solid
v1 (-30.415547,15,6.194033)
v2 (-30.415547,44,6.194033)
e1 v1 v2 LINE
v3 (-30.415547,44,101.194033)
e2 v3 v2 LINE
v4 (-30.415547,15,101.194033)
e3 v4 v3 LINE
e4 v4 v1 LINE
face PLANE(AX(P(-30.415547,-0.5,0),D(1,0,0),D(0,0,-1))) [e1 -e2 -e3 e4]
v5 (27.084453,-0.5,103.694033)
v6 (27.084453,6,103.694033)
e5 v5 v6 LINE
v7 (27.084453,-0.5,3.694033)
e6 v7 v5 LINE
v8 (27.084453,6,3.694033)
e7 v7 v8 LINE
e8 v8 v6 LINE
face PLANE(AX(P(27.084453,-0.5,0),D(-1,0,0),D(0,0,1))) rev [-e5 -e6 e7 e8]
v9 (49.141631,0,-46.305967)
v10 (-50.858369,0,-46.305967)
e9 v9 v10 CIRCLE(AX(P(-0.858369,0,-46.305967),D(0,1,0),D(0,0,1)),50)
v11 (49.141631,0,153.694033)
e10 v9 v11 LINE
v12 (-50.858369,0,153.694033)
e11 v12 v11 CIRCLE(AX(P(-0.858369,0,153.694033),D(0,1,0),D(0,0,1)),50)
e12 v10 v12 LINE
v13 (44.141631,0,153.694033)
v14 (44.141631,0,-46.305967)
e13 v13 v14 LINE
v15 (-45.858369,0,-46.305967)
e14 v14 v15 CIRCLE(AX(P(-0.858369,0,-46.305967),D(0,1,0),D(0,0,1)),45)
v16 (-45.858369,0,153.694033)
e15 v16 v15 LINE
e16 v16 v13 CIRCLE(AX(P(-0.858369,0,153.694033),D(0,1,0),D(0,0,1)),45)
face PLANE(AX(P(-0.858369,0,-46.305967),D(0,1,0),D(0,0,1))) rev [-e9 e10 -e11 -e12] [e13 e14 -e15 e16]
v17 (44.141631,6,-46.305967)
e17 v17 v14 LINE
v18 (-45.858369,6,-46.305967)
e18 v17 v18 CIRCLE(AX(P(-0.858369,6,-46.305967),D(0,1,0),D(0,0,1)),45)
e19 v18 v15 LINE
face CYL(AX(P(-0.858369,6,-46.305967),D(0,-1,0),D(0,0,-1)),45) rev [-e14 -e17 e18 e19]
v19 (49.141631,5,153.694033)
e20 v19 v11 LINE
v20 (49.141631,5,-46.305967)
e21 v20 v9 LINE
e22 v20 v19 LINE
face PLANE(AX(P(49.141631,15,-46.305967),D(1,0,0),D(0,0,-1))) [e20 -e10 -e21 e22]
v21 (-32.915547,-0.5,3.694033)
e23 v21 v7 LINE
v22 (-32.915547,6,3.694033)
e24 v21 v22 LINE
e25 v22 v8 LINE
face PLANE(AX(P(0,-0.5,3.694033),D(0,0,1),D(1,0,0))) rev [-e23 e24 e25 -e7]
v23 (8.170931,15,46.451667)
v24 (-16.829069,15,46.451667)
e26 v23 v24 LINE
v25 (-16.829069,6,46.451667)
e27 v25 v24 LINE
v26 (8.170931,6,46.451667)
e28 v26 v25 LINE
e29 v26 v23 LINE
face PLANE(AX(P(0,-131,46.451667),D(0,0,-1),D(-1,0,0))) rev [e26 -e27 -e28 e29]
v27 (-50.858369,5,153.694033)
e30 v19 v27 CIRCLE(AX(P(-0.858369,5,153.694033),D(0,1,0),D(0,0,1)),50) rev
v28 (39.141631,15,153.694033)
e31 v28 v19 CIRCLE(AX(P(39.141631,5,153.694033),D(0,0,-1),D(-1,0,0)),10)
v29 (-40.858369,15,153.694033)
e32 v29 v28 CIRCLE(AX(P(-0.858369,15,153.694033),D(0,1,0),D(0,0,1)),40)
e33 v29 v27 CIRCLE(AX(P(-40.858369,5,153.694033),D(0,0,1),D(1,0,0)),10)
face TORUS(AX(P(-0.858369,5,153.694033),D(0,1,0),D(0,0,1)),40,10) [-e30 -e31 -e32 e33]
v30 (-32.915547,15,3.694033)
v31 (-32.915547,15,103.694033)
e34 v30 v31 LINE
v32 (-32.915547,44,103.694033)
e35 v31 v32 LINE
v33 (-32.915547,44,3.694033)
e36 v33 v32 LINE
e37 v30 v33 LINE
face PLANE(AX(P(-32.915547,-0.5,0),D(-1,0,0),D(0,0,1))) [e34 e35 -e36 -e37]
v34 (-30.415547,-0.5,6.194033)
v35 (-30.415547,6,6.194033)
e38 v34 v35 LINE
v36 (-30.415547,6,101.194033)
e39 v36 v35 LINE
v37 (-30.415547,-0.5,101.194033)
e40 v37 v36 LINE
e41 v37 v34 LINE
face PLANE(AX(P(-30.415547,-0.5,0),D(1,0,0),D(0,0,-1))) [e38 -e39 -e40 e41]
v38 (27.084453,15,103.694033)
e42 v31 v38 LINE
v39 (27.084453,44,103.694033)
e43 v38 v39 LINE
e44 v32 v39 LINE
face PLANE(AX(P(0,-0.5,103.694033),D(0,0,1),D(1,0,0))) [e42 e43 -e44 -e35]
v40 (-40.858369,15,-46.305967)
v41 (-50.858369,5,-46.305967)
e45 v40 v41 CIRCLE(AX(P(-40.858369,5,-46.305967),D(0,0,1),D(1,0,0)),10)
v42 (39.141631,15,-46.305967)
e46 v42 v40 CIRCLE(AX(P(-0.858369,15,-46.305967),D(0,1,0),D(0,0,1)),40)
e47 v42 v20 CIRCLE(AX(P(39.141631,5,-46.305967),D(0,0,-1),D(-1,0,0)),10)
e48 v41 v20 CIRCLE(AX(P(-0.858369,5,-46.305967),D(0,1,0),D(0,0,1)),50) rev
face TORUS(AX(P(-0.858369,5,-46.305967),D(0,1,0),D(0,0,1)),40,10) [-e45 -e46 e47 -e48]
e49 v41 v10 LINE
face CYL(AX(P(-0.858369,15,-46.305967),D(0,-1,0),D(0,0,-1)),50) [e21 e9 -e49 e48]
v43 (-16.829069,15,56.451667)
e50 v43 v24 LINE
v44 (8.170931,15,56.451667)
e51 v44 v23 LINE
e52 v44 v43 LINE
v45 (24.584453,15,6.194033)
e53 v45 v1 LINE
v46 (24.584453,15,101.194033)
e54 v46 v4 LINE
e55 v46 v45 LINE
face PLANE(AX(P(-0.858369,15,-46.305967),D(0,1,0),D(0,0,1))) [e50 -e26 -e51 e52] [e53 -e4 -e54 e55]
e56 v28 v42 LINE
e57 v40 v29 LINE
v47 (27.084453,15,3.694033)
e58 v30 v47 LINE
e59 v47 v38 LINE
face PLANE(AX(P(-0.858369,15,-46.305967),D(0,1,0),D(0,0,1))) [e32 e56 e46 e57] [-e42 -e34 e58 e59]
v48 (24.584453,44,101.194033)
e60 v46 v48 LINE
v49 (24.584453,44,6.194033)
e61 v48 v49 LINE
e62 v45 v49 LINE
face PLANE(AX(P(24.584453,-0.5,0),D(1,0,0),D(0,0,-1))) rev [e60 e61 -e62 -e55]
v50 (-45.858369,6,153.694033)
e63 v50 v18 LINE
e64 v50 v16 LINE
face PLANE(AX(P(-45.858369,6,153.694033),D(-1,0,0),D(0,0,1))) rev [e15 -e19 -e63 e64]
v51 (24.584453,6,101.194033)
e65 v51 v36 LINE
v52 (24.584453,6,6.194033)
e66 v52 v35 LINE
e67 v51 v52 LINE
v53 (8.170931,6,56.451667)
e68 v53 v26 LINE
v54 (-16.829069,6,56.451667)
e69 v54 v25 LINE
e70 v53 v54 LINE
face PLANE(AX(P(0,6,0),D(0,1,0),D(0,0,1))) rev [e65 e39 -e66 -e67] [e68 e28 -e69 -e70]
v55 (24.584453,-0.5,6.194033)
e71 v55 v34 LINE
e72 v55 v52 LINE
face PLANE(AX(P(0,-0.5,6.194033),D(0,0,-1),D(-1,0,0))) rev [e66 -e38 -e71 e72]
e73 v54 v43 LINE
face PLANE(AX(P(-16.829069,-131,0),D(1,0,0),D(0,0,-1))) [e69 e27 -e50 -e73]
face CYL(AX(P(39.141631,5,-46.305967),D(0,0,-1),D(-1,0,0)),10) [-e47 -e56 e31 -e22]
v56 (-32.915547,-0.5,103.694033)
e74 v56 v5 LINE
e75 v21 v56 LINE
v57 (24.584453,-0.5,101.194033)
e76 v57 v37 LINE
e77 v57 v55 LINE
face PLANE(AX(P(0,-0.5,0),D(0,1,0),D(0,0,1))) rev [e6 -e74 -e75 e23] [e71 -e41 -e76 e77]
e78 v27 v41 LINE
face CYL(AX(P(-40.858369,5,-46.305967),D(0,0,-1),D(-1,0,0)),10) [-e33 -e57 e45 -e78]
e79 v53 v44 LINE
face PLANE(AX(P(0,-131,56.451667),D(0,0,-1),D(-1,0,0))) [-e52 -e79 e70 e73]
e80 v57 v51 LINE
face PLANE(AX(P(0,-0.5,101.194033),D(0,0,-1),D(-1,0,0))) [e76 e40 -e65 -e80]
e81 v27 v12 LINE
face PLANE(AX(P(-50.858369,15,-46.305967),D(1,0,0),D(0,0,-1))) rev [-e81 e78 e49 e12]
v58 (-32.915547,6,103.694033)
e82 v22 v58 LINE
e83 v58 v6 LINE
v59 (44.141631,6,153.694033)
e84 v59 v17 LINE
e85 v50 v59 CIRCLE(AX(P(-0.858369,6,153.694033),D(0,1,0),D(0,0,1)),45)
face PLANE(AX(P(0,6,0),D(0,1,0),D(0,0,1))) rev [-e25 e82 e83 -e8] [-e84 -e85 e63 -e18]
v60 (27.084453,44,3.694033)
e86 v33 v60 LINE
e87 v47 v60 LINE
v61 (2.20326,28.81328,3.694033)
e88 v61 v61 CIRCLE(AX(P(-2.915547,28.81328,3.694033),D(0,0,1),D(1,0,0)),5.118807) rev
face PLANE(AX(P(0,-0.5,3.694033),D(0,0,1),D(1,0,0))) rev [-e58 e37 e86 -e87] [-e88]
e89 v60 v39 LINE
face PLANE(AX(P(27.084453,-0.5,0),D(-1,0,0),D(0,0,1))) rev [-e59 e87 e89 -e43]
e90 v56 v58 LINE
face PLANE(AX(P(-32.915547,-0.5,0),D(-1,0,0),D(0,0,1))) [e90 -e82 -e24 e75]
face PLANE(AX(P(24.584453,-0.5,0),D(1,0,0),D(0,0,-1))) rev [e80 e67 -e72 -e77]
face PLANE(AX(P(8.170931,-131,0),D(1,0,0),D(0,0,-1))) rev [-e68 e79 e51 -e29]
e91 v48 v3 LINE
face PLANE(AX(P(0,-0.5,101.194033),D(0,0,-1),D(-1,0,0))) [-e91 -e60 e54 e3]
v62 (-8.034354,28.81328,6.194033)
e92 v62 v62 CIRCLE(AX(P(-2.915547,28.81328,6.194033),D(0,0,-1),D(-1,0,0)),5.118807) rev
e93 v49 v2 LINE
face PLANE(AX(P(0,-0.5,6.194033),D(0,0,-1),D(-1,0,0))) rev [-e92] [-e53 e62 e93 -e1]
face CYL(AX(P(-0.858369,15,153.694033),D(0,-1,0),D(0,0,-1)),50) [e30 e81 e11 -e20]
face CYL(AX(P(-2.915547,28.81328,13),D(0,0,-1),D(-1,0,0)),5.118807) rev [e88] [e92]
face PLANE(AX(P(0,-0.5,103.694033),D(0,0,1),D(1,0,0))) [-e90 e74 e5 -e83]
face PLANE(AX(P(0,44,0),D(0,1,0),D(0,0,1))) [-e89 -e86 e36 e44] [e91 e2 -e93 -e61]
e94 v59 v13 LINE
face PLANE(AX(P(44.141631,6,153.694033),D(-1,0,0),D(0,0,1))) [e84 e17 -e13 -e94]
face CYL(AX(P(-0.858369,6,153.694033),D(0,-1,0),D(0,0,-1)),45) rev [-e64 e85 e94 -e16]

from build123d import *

# Parameters (mm, degrees)
ESQUISSE1_R                  = 50
ESQUISSE1_W                  = 100
ESQUISSE1_H                  = 200
BOSS_EXTRU_2_DEPTH           = 15
CONG_3_R                     = 10
ENL_V_MAT_EXTRU_6_DEPTH      = 6
BOSS_EXTRU_3_DEPTH           = 44
BOSS_EXTRU_3_DEPTH_BACK      = 0.5
ESQUISSE1_6_W                = 55
ESQUISSE1_6_H                = 95
ENL_V_MAT_EXTRU_7_DEPTH      = 90
ENL_V_MAT_EXTRU_7_DEPTH_BACK = 131
ESQUISSE1_10_W               = 25
ESQUISSE1_10_H               = 10
ESQUISSE6_R                  = 5.118807206
ENL_V_MAT_EXTRU_8_DEPTH      = 13


with BuildPart() as part:
    # Esquisse1 → Boss.-Extru.2 (new body)
    with BuildSketch(Plane(origin=(0, 0, 0), x_dir=(1, 0, 0), z_dir=(0, 1, 0))):
        with Locations((-0.858369099, 46.305967004)):
            Circle(ESQUISSE1_R)
        with Locations((-0.858369099, -153.694032996)):
            Circle(ESQUISSE1_R)
        with Locations((-0.858369099, -53.694032996)):
            Rectangle(ESQUISSE1_W, ESQUISSE1_H)
    extrude(amount=BOSS_EXTRU_2_DEPTH)

    # Congé3
    cong_3_edges = [part.edges().sort_by_distance(p)[0] for p in [
        (-0.858369099, 15, -96.305967004),
        (-50.858369099, 15, 53.694032996),
        (-0.858369099, 15, 203.694032996),
        (49.141630901, 15, 53.694032996),
    ]]
    fillet(cong_3_edges, radius=CONG_3_R)

    # Esquisse1<5> → Enlèv. mat.-Extru.6 (cut)
    with BuildSketch(Plane(origin=(0, 0, 0), x_dir=(1, 0, 0), z_dir=(0, 1, 0))):
        with BuildLine():
            ThreePointArc((44.141630901, 46.305967004), (-0.858369099, 91.305967004), (-45.858369099, 46.305967004))
            Line((-45.858369099, 46.305967004), (-45.858369099, -153.694032996))
            ThreePointArc((-45.858369099, -153.694032996), (-0.858369099, -198.694032996), (44.141630901, -153.694032996))
            Line((44.141630901, -153.694032996), (44.141630901, 46.305967004))
        make_face()
    extrude(amount=ENL_V_MAT_EXTRU_6_DEPTH, mode=Mode.SUBTRACT)

    # Esquisse1<6> → Boss.-Extru.3 (add, two sides: drawn at the far end of the back side and taken through both)
    with BuildSketch(Plane(origin=(0, 0, 0), x_dir=(1, 0, 0), z_dir=(0, 1, 0)).offset(-BOSS_EXTRU_3_DEPTH_BACK)):
        Polygon((27.084452796, -3.694032996), (-0.858369099, -3.694032996), (-32.915547204, -3.694032996), (-32.915547204, -103.694032996), (-0.858368676, -103.694032996), (27.084452796, -103.694032996), align=None)
        with Locations((-2.915547204, -53.694032996)):
            Rectangle(ESQUISSE1_6_W, ESQUISSE1_6_H, mode=Mode.SUBTRACT)
    extrude(amount=BOSS_EXTRU_3_DEPTH + BOSS_EXTRU_3_DEPTH_BACK)

    # Esquisse1<10> → Enlèv. mat.-Extru.7 (cut, two sides: drawn at the far end of the back side and taken through both)
    with BuildSketch(Plane(origin=(0, 0, 0), x_dir=(1, 0, 0), z_dir=(0, 1, 0)).offset(-ENL_V_MAT_EXTRU_7_DEPTH_BACK)):
        with Locations((-4.32906887, -51.451666969)):
            Rectangle(ESQUISSE1_10_W, ESQUISSE1_10_H)
    extrude(amount=ENL_V_MAT_EXTRU_7_DEPTH + ENL_V_MAT_EXTRU_7_DEPTH_BACK, mode=Mode.SUBTRACT)

    # Esquisse6 → Enlèv. mat.-Extru.8 (cut)
    with BuildSketch(Plane.XY):
        with Locations((-2.915547204, 28.813279857)):
            Circle(ESQUISSE6_R)
    extrude(amount=ENL_V_MAT_EXTRU_8_DEPTH, mode=Mode.SUBTRACT)


solid = part.part
